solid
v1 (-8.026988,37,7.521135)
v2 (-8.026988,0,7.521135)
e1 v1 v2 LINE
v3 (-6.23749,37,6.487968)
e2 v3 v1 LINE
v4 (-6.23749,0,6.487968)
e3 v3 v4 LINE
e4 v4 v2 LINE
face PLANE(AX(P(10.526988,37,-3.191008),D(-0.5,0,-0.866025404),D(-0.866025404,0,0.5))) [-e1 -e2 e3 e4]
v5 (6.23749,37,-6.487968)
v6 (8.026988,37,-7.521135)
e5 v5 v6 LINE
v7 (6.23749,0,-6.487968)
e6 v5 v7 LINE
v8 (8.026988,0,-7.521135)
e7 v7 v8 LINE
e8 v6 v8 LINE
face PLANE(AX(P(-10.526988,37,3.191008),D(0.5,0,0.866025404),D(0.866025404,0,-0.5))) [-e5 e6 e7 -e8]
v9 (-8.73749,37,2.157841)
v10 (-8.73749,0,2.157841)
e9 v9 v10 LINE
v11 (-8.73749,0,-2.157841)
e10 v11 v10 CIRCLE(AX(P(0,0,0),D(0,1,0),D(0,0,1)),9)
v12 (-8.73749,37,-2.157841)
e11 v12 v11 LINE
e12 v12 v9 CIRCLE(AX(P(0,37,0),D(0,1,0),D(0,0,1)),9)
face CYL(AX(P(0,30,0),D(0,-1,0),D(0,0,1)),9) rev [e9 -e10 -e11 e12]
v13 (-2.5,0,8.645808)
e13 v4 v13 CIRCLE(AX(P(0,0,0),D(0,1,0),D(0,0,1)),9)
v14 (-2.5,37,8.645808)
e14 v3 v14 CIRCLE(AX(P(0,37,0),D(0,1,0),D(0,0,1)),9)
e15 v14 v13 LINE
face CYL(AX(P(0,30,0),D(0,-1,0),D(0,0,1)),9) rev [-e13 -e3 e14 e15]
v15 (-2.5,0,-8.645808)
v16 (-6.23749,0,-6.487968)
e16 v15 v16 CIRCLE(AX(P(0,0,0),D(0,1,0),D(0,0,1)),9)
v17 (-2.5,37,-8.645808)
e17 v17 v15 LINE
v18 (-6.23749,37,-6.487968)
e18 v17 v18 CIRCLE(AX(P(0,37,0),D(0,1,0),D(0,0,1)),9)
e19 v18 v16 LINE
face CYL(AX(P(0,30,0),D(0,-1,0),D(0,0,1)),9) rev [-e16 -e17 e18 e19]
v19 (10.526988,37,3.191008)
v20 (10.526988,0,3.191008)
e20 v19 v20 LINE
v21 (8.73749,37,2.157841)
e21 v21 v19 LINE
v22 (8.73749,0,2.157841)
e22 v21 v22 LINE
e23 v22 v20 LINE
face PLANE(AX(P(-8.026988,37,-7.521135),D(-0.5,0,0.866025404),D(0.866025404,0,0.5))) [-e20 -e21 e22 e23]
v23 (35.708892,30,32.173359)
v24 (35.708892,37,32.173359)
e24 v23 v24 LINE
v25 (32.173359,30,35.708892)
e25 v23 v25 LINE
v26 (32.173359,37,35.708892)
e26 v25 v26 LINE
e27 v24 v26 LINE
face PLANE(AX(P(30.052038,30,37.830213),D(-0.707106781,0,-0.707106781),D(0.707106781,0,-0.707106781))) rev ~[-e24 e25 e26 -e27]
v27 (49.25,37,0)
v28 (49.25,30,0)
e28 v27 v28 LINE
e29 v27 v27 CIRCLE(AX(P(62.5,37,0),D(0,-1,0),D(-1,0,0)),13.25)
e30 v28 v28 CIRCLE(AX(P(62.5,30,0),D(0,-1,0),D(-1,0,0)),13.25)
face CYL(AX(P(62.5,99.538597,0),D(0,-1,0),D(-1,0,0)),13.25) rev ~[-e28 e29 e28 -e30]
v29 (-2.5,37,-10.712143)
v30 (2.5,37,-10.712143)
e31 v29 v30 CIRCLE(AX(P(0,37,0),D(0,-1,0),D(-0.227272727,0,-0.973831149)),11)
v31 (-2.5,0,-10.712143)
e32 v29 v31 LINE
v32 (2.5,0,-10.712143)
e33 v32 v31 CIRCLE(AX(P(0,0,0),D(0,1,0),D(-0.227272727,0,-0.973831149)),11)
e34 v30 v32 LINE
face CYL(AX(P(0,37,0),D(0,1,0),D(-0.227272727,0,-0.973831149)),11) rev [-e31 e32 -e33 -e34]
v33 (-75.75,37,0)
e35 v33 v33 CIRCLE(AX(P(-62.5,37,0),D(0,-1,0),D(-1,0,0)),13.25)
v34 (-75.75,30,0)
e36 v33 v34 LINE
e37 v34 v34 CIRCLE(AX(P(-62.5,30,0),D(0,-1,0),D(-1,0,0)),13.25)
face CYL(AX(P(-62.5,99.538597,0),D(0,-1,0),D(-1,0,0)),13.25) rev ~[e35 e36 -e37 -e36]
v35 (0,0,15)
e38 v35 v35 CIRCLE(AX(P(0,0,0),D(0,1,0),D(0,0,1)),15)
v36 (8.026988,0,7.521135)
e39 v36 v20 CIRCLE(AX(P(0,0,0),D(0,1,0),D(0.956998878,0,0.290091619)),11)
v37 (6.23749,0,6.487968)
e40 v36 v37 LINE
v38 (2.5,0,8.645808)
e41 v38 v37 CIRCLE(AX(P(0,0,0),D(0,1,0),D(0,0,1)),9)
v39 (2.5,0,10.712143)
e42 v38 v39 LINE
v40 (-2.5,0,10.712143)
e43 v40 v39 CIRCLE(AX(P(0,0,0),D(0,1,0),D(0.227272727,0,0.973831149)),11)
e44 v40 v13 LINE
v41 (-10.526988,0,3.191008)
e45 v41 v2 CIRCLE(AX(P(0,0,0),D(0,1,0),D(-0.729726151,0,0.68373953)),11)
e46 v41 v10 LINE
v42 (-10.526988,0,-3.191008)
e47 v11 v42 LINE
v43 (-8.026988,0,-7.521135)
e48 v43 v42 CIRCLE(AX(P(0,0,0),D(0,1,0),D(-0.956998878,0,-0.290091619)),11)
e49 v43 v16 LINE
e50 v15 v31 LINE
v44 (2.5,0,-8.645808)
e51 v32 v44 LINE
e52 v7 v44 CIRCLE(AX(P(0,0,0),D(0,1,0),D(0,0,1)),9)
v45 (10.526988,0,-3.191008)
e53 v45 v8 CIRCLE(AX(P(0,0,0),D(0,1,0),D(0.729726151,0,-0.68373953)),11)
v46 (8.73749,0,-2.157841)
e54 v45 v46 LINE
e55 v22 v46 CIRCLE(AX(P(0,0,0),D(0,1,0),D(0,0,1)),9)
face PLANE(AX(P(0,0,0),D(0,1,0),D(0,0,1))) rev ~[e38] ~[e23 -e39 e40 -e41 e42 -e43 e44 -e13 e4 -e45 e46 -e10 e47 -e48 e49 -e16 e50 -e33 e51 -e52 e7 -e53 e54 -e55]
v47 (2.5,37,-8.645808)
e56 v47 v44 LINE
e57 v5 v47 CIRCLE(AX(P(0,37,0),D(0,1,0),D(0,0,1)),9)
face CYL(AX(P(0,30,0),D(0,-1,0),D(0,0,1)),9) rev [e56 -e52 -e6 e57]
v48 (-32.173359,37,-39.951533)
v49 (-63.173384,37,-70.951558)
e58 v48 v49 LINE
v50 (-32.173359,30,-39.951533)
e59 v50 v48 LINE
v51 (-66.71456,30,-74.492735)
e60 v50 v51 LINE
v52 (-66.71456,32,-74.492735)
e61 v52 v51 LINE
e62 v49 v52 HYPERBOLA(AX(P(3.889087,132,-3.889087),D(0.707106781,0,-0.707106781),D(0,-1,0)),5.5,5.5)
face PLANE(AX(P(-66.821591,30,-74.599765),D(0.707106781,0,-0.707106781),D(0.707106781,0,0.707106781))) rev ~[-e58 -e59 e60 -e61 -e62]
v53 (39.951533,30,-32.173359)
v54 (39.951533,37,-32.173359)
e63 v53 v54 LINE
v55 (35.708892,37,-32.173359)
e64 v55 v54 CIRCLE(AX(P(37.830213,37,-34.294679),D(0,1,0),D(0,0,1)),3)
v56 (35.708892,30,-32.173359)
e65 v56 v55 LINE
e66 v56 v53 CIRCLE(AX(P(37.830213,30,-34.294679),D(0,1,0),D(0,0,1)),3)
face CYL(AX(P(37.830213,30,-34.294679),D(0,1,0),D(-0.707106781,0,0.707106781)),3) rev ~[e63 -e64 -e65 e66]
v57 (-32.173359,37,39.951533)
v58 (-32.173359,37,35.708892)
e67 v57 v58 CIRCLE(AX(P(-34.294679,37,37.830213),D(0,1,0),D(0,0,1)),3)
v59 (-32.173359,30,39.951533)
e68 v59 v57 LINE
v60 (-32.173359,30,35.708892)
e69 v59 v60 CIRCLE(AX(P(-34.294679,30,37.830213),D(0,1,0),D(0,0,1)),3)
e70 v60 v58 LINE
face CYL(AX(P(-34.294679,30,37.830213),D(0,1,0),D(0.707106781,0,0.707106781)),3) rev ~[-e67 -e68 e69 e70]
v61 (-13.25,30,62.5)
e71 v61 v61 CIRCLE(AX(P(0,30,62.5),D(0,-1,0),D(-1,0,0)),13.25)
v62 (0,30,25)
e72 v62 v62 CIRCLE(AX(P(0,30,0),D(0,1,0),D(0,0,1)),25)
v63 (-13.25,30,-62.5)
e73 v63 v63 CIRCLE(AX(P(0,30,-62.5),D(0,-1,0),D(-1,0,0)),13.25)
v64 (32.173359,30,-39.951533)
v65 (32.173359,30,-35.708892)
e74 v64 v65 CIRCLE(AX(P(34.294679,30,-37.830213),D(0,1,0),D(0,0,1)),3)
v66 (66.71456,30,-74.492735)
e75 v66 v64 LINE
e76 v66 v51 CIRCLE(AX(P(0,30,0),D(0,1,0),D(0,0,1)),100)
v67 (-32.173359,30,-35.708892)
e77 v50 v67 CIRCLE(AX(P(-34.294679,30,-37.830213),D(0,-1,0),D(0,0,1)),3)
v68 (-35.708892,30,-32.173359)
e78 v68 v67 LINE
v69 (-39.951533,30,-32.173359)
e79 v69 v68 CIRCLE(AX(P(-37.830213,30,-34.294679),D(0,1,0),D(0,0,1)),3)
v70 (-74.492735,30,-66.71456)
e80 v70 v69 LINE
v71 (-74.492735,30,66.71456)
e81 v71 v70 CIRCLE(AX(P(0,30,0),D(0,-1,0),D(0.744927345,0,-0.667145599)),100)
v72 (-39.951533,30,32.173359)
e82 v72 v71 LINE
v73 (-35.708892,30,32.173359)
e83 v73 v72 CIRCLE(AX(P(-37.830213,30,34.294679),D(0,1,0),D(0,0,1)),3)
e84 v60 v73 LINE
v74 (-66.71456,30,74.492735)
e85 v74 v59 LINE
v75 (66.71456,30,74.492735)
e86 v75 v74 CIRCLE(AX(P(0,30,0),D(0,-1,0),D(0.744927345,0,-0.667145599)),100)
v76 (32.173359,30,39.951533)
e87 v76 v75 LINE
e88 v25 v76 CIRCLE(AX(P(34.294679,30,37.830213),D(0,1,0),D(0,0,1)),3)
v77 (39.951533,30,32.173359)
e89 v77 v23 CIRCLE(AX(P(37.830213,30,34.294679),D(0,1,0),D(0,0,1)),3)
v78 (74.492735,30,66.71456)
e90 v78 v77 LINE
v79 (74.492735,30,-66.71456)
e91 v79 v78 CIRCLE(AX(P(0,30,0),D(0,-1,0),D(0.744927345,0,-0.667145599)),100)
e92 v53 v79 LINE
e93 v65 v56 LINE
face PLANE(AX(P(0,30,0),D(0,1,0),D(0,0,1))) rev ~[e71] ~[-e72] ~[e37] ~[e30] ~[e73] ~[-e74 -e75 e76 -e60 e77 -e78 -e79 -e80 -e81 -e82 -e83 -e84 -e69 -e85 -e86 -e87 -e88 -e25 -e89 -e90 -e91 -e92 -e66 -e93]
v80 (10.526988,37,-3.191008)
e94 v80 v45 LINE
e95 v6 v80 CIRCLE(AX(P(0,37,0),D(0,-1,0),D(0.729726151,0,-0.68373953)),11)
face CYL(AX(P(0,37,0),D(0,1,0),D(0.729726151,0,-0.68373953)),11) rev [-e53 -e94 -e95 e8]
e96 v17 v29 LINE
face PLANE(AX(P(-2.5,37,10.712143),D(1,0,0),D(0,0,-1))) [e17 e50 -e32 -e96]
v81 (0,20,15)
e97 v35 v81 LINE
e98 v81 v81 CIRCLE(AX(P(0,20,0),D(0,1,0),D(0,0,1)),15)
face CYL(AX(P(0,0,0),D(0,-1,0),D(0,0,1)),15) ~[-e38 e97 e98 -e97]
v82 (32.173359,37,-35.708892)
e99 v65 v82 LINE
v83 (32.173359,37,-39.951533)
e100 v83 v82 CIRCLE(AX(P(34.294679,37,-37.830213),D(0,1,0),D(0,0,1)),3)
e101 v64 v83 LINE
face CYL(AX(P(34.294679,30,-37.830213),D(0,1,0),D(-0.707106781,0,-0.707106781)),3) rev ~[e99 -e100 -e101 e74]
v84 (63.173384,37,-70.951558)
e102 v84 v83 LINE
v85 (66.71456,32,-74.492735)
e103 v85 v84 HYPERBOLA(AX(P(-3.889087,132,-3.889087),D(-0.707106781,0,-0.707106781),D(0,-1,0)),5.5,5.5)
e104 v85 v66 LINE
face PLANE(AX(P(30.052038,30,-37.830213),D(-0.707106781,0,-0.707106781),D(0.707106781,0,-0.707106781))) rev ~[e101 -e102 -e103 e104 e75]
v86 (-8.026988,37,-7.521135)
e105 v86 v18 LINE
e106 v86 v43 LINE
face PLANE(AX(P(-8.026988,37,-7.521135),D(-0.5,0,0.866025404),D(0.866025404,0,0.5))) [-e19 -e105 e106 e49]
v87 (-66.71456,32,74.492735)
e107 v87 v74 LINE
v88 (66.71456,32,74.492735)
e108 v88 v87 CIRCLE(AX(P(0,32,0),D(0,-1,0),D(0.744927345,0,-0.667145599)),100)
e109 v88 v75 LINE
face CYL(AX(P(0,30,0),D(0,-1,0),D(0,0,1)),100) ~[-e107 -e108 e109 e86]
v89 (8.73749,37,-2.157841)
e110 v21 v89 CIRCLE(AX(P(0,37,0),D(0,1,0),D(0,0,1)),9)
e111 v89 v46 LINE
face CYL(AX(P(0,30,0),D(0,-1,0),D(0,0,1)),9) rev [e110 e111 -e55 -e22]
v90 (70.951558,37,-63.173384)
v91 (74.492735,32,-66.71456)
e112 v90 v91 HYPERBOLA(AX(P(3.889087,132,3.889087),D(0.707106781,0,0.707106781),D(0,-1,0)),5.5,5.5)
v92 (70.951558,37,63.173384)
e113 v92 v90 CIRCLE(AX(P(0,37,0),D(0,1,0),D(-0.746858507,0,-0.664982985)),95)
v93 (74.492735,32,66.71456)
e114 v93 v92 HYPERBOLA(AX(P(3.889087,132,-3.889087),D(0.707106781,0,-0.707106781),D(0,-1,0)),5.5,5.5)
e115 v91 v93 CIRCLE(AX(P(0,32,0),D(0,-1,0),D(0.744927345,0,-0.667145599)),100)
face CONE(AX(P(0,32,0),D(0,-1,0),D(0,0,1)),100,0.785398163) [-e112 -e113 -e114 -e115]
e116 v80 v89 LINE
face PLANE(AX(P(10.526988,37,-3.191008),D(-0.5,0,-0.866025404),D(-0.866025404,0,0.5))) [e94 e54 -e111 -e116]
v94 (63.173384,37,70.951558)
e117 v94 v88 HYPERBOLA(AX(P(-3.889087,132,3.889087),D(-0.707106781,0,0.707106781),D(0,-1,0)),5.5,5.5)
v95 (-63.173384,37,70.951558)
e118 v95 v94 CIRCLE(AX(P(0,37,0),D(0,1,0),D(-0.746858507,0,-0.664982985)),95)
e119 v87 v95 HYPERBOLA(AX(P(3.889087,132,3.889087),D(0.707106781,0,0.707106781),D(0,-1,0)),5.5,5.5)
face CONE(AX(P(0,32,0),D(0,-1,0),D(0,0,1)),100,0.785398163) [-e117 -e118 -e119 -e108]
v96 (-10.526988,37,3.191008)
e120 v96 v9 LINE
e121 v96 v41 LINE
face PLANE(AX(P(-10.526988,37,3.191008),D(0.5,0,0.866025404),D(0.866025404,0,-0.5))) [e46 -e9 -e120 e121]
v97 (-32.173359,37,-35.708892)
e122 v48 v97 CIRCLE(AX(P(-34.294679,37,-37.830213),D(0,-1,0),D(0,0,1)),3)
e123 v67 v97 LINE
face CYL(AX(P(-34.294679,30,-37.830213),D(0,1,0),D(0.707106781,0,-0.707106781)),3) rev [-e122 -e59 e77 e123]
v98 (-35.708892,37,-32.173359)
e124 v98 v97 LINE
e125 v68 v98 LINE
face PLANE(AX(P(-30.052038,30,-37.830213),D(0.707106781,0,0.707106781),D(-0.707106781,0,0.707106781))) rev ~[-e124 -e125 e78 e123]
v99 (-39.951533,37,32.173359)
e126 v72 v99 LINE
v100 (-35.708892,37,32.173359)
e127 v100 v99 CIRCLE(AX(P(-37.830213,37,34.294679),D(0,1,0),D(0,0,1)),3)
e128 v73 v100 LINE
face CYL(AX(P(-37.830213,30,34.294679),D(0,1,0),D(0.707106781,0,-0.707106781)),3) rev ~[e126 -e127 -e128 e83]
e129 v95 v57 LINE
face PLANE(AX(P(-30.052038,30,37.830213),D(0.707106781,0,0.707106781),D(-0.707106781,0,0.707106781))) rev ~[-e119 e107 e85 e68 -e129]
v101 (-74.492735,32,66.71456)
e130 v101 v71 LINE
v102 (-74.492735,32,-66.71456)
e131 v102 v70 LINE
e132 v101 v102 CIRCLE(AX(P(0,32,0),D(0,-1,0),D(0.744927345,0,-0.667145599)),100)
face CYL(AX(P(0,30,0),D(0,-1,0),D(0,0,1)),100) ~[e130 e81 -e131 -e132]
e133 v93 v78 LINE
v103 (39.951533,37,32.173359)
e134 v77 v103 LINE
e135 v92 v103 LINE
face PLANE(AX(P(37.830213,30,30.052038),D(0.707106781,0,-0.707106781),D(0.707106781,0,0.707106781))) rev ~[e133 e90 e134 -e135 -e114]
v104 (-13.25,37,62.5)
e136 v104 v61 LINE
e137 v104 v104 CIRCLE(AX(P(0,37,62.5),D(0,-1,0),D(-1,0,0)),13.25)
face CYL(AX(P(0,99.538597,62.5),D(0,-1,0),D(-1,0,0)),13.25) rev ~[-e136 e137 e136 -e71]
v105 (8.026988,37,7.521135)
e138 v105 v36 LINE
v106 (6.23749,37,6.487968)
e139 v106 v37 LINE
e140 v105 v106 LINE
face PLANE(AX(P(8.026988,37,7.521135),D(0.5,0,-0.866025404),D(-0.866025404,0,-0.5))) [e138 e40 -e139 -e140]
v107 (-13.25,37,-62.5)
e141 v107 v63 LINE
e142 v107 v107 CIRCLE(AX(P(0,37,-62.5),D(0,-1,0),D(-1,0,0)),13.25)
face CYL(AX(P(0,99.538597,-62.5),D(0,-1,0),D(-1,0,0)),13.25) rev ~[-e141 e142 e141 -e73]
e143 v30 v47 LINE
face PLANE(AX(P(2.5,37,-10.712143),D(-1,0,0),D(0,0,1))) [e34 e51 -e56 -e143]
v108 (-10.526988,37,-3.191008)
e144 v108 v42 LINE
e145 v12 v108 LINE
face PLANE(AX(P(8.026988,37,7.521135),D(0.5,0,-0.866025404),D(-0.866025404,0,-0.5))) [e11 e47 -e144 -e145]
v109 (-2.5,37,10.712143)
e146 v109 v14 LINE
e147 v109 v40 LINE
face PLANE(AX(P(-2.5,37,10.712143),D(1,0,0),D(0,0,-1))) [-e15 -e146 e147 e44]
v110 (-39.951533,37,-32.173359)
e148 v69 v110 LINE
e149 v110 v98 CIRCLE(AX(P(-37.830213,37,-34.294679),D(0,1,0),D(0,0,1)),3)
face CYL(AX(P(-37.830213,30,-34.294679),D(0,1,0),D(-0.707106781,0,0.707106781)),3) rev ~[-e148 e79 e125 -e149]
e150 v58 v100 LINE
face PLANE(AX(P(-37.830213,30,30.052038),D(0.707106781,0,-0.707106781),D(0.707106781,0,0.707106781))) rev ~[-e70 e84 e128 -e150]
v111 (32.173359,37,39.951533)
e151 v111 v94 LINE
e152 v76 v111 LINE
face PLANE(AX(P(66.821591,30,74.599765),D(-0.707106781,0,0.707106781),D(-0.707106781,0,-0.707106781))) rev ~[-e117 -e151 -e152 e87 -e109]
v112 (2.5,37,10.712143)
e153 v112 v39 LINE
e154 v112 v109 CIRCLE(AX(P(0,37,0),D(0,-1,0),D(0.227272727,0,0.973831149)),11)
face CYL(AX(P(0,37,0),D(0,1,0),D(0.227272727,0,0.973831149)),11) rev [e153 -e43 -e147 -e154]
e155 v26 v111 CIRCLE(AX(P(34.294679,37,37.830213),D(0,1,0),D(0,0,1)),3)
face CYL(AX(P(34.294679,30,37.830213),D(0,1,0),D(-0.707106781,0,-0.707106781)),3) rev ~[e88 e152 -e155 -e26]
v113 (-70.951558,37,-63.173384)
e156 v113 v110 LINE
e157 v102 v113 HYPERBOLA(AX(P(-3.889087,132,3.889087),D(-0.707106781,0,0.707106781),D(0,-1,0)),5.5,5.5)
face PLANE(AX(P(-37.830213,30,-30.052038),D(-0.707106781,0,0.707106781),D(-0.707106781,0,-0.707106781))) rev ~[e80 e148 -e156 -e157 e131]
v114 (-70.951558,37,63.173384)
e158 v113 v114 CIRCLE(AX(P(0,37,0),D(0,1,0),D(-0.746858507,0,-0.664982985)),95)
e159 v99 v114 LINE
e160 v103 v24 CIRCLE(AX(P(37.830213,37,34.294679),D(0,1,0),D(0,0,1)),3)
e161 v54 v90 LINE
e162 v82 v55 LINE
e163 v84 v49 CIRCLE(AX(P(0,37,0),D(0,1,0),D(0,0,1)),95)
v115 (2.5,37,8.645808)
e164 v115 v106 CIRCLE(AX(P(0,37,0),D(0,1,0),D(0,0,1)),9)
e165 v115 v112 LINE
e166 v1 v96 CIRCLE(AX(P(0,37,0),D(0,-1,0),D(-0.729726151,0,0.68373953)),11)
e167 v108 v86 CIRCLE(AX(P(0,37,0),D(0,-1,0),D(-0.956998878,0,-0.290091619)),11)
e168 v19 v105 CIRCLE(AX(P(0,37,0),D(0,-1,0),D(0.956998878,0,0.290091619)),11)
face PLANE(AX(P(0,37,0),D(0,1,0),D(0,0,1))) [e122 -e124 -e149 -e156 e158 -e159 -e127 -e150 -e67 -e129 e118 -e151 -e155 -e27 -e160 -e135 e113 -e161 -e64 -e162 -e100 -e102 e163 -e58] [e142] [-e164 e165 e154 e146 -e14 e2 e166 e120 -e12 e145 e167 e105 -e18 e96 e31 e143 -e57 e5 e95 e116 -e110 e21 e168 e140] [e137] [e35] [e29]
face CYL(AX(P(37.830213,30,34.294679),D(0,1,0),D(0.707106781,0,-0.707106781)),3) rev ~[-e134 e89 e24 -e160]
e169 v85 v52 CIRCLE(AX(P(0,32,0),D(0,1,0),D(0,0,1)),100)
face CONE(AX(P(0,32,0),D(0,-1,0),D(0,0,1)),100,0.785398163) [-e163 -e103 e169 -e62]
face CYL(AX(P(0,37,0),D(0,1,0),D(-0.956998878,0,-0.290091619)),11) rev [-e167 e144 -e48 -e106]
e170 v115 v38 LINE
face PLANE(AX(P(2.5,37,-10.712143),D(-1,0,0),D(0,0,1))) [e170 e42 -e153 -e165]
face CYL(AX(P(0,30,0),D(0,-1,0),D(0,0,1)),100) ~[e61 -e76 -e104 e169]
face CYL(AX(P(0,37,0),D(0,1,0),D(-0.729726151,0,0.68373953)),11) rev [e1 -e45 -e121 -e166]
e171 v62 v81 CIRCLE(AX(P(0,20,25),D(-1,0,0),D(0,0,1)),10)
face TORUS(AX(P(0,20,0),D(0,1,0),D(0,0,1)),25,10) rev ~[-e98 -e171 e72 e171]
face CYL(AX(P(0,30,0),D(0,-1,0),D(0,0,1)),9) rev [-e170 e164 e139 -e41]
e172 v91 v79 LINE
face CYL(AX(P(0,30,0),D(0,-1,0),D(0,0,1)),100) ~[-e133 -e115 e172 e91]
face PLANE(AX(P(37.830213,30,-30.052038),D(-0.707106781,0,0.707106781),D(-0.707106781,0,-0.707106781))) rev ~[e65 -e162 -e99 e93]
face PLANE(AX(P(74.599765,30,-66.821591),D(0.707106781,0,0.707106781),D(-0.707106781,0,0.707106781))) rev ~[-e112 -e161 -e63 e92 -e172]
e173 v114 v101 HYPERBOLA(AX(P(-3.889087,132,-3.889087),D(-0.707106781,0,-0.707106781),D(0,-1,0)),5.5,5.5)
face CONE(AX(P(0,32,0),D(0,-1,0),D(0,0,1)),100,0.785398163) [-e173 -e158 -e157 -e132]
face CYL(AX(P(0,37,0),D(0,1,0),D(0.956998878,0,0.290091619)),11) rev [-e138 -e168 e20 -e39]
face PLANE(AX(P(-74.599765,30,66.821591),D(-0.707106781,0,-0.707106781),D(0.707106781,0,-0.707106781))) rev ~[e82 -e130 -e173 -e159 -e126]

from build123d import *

# Parameters (mm, degrees)
SKETCH_1_R               = 15
SKETCH_1_R_2             = 9
EXTRUDE_1_DEPTH          = 30
SKETCH_2_R               = 100
SKETCH_2_R_2             = 15
SKETCH_2_R_3             = 9
EXTRUDE_2_DEPTH          = 7
CUT_EXTRUDE_1_DEPTH      = 147.181394165
PATTERN_CIRCULAR_1_COUNT = 6
FILLET_1_R               = 10
HOLE_WIZARD_M30_1_D      = 26.5
HOLE_WIZARD_M30_1_DEPTH  = 62.538596798
HOLE_WIZARD_M30_1_TIP    = 7.961403202
CHAMFER_1_SIZE           = 5
CUT_EXTRUDE_1_2_DEPTH    = 145.568322948
PATTERN_CIRCULAR_2_COUNT = 4
FILLET_2_R               = 3


with BuildPart() as part:
    # 草图1 → 凸台-拉伸1 (new body)
    with BuildSketch(Plane(origin=(0, 0, 0), x_dir=(1, 0, 0), z_dir=(0, 1, 0))):
        with Locations(Location((0, 0, 0), (0, 0, 270))):
            Circle(SKETCH_1_R)
        with Locations(Location((0, 0, 0), (0, 0, 270))):
            Circle(SKETCH_1_R_2, mode=Mode.SUBTRACT)
    extrude(amount=EXTRUDE_1_DEPTH)

    # 草图2 → 凸台-拉伸2 (add)
    # profile 1 of 2: a face of its own
    with BuildSketch(Plane(origin=(0, 30, 0), x_dir=(1, 0, 0), z_dir=(0, 1, 0))):
        with Locations(Location((0, 0, 0), (0, 0, 270))):
            Circle(SKETCH_2_R)
        with Locations(Location((0, 0, 0), (0, 0, 270))):
            Circle(SKETCH_2_R_2, mode=Mode.SUBTRACT)
    # profile 2 of 2: a face of its own
    with BuildSketch(Plane(origin=(0, 30, 0), x_dir=(1, 0, 0), z_dir=(0, 1, 0))):
        with Locations(Location((0, 0, 0), (0, 0, 270))):
            Circle(SKETCH_2_R_2)
        with Locations(Location((0, 0, 0), (0, 0, 270))):
            Circle(SKETCH_2_R_3, mode=Mode.SUBTRACT)
    extrude(amount=EXTRUDE_2_DEPTH)

    # 草图7 → Cut-Extrude 1 (cut, through all)
    with BuildSketch(Plane(origin=(0, 37, 0), x_dir=(1, 0, 0), z_dir=(0, 1, 0))):
        with BuildLine():
            Line((-2.5, -10.712142643), (-2.5, 10.712142643))
            ThreePointArc((-2.5, 10.712142643), (0, 11), (2.5, 10.712142643))
            Line((2.5, 10.712142643), (2.5, -10.712142643))
            ThreePointArc((2.5, -10.712142643), (0, -11), (-2.5, -10.712142643))
        make_face()
    cut_extrude_1 = extrude(amount=-CUT_EXTRUDE_1_DEPTH, mode=Mode.SUBTRACT)

    # 阵列(圆周)1: Cut-Extrude 1 ×6 about axis
    pattern_circular_1_axis = Axis((0, 0, 0), (0, 1, 0))
    for i in range(1, PATTERN_CIRCULAR_1_COUNT):
        add(cut_extrude_1.rotate(pattern_circular_1_axis, i * 360 / PATTERN_CIRCULAR_1_COUNT), mode=Mode.SUBTRACT)

    # 圆角1
    fillet_1_edges = [part.edges().sort_by_distance(p)[0] for p in [
        (0, 30, -15),
    ]]
    fillet(fillet_1_edges, radius=FILLET_1_R)

    # M30 螺纹孔1
    with Locations(Plane(origin=(0, 37, 0), x_dir=(1, 0, 0), z_dir=(0, 1, 0))):
        with Locations((0, 62.5), (62.5, 0), (0, -62.5), (-62.5, 0)):
            Hole(HOLE_WIZARD_M30_1_D / 2, depth=HOLE_WIZARD_M30_1_DEPTH)
            with Locations((0, 0, -(HOLE_WIZARD_M30_1_DEPTH + HOLE_WIZARD_M30_1_TIP / 2))):  # 118° drill point
                Cone(0, HOLE_WIZARD_M30_1_D / 2, HOLE_WIZARD_M30_1_TIP, mode=Mode.SUBTRACT)

    # 倒角1
    chamfer_1_edges = [part.edges().sort_by_distance(p)[0] for p in [
        (0, 37, -100),
    ]]
    chamfer(chamfer_1_edges, length=CHAMFER_1_SIZE)

    # 草图10 → Cut-Extrude 1 2 (cut, symmetric)
    with BuildSketch(Plane.XZ.offset(-30)):
        Polygon((30.0520382, -37.830212793), (66.821590822, -74.599765415), (74.599765415, -66.821590822), (37.830212793, -30.0520382), align=None)
    cut_extrude_1_2 = extrude(amount=CUT_EXTRUDE_1_2_DEPTH, both=True, mode=Mode.SUBTRACT)

    # 阵列(圆周)2: Cut-Extrude 1 2 ×4 about axis
    pattern_circular_2_axis = Axis((0, 0, 0), (0, 1, 0))
    for i in range(1, PATTERN_CIRCULAR_2_COUNT):
        add(cut_extrude_1_2.rotate(pattern_circular_2_axis, i * 360 / PATTERN_CIRCULAR_2_COUNT), mode=Mode.SUBTRACT)

    # 圆角2
    fillet_2_edges = [part.edges().sort_by_distance(p)[0] for p in [
        (30.0520382, 33.5, -37.830212793),
        (37.830212793, 33.5, -30.0520382),
        (37.830212793, 33.5, 30.0520382),
        (30.0520382, 33.5, 37.830212793),
        (-30.0520382, 33.5, 37.830212793),
        (-37.830212793, 33.5, 30.0520382),
        (-37.830212793, 33.5, -30.0520382),
        (-30.0520382, 33.5, -37.830212793),
    ]]
    fillet(fillet_2_edges, radius=FILLET_2_R)


solid = part.part
